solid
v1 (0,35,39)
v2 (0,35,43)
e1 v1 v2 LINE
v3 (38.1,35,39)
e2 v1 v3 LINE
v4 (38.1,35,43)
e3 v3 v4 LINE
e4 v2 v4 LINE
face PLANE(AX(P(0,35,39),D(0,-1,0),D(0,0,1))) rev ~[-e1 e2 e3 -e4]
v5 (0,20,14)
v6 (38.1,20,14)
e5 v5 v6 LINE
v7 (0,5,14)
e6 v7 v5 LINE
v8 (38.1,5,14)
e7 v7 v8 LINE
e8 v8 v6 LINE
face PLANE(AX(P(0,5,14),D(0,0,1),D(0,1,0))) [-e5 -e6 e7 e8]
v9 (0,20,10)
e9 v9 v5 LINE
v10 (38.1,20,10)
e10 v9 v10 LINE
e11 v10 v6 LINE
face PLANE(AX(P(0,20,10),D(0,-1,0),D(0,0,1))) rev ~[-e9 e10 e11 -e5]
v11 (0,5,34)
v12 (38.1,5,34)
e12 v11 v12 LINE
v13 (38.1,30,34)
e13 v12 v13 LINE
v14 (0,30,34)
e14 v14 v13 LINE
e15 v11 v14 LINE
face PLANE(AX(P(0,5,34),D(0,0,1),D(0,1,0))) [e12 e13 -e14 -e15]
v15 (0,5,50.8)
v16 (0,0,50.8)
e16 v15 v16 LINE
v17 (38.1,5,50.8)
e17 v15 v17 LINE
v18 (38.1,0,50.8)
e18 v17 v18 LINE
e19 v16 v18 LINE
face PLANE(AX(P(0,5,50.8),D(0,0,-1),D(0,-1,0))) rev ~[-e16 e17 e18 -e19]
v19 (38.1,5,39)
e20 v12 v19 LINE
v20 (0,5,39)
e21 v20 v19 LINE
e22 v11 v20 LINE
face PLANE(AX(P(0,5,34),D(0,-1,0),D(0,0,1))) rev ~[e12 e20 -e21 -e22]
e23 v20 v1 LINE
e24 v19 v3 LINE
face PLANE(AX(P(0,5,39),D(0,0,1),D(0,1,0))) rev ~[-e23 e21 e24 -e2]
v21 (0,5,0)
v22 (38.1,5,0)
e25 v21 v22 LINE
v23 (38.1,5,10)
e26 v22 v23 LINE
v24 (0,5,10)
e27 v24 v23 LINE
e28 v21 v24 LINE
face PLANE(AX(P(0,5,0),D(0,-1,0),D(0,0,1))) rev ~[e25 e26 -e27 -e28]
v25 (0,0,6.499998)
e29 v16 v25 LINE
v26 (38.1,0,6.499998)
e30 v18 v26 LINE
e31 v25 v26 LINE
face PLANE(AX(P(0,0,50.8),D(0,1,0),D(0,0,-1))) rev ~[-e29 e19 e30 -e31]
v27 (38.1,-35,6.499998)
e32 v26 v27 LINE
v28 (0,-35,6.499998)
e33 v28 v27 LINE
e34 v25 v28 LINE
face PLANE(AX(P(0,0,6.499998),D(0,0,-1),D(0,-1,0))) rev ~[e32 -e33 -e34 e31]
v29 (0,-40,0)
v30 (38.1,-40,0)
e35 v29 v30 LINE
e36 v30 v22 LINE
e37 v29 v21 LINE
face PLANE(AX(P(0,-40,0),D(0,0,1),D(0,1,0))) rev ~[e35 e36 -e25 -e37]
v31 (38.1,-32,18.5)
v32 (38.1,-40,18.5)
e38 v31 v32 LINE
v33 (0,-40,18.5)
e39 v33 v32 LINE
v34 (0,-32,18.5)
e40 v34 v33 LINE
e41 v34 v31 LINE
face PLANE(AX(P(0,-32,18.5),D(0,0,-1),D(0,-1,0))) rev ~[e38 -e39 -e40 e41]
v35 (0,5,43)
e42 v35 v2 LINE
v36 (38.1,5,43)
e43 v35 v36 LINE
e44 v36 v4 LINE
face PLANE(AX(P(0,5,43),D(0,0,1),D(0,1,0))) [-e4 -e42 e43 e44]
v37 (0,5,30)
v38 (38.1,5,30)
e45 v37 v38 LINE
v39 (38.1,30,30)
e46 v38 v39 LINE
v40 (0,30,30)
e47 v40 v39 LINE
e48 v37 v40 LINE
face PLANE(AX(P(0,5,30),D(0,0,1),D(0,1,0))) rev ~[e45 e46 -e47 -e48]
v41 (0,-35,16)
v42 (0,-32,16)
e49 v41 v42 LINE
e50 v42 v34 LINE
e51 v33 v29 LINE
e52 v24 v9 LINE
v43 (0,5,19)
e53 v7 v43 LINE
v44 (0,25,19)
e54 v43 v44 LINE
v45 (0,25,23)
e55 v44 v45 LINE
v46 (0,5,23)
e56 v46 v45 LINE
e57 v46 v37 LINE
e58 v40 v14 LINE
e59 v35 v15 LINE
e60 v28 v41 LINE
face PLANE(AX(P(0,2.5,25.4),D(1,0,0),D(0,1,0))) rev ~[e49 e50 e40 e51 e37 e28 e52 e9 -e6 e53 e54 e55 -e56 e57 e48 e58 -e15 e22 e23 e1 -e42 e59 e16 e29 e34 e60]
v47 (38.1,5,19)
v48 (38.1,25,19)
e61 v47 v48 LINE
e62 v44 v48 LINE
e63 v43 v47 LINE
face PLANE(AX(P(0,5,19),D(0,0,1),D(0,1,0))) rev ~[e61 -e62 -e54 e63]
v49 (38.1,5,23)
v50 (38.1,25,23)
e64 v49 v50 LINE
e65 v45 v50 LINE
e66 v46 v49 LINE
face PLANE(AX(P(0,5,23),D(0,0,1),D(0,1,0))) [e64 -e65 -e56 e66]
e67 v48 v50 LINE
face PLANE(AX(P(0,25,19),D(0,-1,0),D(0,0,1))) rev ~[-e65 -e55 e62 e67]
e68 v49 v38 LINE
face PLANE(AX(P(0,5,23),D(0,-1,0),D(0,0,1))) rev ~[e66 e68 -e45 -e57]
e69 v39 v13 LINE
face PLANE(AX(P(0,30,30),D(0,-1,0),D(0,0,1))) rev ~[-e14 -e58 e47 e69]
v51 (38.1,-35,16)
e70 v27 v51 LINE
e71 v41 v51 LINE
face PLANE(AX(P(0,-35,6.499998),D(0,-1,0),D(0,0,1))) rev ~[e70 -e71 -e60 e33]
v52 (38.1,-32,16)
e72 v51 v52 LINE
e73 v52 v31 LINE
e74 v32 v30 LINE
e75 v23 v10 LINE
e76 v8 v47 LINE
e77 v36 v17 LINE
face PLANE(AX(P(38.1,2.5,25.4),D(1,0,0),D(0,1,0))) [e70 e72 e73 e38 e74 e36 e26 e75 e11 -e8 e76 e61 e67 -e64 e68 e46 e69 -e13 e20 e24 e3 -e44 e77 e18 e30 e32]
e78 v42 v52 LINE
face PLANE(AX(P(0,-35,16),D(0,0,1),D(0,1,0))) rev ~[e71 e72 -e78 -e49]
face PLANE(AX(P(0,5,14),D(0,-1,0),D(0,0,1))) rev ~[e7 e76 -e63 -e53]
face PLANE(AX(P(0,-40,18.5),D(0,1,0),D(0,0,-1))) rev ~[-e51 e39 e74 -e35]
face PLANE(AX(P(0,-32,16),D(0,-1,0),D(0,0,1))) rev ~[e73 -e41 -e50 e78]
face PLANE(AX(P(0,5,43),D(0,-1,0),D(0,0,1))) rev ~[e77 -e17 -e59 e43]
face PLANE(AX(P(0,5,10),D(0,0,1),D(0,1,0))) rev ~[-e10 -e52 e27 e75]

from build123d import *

# Parameters (mm, degrees)
F0_W     = 15
F0_H     = 4
F0_W_2   = 5
F0_H_2   = 9.500002
F0_W_3   = 20
F0_W_4   = 30
F0_W_5   = 25
F1_DEPTH = 38.1


with BuildPart() as f1:
    # F0 (on Right) → F1 (new body)
    with BuildSketch(Plane.YZ):
        Polygon((0, 6.499998), (0, 0), (5, 0), (5, 10), (5, 14), (5, 19), (5, 23), (5, 30), (5, 34), (5, 39), (5, 43), (5, 50.8), (0, 50.8), align=None)
        Polygon((-40, 0), (0, 0), (0, 6.499998), (-35, 6.499998), (-40, 6.499998), align=None)
        with Locations((12.5, 12)):
            Rectangle(F0_W, F0_H)
        with Locations((-37.5, 11.249999)):
            Rectangle(F0_W_2, F0_H_2)
        Polygon((-40, 16), (-35, 16), (-32, 16), (-32, 18.5), (-40, 18.5), align=None)
        with Locations((15, 21)):
            Rectangle(F0_W_3, F0_H)
        with Locations((20, 41)):
            Rectangle(F0_W_4, F0_H)
        with Locations((17.5, 32)):
            Rectangle(F0_W_5, F0_H)
    extrude(amount=F1_DEPTH)


solid = f1.part
